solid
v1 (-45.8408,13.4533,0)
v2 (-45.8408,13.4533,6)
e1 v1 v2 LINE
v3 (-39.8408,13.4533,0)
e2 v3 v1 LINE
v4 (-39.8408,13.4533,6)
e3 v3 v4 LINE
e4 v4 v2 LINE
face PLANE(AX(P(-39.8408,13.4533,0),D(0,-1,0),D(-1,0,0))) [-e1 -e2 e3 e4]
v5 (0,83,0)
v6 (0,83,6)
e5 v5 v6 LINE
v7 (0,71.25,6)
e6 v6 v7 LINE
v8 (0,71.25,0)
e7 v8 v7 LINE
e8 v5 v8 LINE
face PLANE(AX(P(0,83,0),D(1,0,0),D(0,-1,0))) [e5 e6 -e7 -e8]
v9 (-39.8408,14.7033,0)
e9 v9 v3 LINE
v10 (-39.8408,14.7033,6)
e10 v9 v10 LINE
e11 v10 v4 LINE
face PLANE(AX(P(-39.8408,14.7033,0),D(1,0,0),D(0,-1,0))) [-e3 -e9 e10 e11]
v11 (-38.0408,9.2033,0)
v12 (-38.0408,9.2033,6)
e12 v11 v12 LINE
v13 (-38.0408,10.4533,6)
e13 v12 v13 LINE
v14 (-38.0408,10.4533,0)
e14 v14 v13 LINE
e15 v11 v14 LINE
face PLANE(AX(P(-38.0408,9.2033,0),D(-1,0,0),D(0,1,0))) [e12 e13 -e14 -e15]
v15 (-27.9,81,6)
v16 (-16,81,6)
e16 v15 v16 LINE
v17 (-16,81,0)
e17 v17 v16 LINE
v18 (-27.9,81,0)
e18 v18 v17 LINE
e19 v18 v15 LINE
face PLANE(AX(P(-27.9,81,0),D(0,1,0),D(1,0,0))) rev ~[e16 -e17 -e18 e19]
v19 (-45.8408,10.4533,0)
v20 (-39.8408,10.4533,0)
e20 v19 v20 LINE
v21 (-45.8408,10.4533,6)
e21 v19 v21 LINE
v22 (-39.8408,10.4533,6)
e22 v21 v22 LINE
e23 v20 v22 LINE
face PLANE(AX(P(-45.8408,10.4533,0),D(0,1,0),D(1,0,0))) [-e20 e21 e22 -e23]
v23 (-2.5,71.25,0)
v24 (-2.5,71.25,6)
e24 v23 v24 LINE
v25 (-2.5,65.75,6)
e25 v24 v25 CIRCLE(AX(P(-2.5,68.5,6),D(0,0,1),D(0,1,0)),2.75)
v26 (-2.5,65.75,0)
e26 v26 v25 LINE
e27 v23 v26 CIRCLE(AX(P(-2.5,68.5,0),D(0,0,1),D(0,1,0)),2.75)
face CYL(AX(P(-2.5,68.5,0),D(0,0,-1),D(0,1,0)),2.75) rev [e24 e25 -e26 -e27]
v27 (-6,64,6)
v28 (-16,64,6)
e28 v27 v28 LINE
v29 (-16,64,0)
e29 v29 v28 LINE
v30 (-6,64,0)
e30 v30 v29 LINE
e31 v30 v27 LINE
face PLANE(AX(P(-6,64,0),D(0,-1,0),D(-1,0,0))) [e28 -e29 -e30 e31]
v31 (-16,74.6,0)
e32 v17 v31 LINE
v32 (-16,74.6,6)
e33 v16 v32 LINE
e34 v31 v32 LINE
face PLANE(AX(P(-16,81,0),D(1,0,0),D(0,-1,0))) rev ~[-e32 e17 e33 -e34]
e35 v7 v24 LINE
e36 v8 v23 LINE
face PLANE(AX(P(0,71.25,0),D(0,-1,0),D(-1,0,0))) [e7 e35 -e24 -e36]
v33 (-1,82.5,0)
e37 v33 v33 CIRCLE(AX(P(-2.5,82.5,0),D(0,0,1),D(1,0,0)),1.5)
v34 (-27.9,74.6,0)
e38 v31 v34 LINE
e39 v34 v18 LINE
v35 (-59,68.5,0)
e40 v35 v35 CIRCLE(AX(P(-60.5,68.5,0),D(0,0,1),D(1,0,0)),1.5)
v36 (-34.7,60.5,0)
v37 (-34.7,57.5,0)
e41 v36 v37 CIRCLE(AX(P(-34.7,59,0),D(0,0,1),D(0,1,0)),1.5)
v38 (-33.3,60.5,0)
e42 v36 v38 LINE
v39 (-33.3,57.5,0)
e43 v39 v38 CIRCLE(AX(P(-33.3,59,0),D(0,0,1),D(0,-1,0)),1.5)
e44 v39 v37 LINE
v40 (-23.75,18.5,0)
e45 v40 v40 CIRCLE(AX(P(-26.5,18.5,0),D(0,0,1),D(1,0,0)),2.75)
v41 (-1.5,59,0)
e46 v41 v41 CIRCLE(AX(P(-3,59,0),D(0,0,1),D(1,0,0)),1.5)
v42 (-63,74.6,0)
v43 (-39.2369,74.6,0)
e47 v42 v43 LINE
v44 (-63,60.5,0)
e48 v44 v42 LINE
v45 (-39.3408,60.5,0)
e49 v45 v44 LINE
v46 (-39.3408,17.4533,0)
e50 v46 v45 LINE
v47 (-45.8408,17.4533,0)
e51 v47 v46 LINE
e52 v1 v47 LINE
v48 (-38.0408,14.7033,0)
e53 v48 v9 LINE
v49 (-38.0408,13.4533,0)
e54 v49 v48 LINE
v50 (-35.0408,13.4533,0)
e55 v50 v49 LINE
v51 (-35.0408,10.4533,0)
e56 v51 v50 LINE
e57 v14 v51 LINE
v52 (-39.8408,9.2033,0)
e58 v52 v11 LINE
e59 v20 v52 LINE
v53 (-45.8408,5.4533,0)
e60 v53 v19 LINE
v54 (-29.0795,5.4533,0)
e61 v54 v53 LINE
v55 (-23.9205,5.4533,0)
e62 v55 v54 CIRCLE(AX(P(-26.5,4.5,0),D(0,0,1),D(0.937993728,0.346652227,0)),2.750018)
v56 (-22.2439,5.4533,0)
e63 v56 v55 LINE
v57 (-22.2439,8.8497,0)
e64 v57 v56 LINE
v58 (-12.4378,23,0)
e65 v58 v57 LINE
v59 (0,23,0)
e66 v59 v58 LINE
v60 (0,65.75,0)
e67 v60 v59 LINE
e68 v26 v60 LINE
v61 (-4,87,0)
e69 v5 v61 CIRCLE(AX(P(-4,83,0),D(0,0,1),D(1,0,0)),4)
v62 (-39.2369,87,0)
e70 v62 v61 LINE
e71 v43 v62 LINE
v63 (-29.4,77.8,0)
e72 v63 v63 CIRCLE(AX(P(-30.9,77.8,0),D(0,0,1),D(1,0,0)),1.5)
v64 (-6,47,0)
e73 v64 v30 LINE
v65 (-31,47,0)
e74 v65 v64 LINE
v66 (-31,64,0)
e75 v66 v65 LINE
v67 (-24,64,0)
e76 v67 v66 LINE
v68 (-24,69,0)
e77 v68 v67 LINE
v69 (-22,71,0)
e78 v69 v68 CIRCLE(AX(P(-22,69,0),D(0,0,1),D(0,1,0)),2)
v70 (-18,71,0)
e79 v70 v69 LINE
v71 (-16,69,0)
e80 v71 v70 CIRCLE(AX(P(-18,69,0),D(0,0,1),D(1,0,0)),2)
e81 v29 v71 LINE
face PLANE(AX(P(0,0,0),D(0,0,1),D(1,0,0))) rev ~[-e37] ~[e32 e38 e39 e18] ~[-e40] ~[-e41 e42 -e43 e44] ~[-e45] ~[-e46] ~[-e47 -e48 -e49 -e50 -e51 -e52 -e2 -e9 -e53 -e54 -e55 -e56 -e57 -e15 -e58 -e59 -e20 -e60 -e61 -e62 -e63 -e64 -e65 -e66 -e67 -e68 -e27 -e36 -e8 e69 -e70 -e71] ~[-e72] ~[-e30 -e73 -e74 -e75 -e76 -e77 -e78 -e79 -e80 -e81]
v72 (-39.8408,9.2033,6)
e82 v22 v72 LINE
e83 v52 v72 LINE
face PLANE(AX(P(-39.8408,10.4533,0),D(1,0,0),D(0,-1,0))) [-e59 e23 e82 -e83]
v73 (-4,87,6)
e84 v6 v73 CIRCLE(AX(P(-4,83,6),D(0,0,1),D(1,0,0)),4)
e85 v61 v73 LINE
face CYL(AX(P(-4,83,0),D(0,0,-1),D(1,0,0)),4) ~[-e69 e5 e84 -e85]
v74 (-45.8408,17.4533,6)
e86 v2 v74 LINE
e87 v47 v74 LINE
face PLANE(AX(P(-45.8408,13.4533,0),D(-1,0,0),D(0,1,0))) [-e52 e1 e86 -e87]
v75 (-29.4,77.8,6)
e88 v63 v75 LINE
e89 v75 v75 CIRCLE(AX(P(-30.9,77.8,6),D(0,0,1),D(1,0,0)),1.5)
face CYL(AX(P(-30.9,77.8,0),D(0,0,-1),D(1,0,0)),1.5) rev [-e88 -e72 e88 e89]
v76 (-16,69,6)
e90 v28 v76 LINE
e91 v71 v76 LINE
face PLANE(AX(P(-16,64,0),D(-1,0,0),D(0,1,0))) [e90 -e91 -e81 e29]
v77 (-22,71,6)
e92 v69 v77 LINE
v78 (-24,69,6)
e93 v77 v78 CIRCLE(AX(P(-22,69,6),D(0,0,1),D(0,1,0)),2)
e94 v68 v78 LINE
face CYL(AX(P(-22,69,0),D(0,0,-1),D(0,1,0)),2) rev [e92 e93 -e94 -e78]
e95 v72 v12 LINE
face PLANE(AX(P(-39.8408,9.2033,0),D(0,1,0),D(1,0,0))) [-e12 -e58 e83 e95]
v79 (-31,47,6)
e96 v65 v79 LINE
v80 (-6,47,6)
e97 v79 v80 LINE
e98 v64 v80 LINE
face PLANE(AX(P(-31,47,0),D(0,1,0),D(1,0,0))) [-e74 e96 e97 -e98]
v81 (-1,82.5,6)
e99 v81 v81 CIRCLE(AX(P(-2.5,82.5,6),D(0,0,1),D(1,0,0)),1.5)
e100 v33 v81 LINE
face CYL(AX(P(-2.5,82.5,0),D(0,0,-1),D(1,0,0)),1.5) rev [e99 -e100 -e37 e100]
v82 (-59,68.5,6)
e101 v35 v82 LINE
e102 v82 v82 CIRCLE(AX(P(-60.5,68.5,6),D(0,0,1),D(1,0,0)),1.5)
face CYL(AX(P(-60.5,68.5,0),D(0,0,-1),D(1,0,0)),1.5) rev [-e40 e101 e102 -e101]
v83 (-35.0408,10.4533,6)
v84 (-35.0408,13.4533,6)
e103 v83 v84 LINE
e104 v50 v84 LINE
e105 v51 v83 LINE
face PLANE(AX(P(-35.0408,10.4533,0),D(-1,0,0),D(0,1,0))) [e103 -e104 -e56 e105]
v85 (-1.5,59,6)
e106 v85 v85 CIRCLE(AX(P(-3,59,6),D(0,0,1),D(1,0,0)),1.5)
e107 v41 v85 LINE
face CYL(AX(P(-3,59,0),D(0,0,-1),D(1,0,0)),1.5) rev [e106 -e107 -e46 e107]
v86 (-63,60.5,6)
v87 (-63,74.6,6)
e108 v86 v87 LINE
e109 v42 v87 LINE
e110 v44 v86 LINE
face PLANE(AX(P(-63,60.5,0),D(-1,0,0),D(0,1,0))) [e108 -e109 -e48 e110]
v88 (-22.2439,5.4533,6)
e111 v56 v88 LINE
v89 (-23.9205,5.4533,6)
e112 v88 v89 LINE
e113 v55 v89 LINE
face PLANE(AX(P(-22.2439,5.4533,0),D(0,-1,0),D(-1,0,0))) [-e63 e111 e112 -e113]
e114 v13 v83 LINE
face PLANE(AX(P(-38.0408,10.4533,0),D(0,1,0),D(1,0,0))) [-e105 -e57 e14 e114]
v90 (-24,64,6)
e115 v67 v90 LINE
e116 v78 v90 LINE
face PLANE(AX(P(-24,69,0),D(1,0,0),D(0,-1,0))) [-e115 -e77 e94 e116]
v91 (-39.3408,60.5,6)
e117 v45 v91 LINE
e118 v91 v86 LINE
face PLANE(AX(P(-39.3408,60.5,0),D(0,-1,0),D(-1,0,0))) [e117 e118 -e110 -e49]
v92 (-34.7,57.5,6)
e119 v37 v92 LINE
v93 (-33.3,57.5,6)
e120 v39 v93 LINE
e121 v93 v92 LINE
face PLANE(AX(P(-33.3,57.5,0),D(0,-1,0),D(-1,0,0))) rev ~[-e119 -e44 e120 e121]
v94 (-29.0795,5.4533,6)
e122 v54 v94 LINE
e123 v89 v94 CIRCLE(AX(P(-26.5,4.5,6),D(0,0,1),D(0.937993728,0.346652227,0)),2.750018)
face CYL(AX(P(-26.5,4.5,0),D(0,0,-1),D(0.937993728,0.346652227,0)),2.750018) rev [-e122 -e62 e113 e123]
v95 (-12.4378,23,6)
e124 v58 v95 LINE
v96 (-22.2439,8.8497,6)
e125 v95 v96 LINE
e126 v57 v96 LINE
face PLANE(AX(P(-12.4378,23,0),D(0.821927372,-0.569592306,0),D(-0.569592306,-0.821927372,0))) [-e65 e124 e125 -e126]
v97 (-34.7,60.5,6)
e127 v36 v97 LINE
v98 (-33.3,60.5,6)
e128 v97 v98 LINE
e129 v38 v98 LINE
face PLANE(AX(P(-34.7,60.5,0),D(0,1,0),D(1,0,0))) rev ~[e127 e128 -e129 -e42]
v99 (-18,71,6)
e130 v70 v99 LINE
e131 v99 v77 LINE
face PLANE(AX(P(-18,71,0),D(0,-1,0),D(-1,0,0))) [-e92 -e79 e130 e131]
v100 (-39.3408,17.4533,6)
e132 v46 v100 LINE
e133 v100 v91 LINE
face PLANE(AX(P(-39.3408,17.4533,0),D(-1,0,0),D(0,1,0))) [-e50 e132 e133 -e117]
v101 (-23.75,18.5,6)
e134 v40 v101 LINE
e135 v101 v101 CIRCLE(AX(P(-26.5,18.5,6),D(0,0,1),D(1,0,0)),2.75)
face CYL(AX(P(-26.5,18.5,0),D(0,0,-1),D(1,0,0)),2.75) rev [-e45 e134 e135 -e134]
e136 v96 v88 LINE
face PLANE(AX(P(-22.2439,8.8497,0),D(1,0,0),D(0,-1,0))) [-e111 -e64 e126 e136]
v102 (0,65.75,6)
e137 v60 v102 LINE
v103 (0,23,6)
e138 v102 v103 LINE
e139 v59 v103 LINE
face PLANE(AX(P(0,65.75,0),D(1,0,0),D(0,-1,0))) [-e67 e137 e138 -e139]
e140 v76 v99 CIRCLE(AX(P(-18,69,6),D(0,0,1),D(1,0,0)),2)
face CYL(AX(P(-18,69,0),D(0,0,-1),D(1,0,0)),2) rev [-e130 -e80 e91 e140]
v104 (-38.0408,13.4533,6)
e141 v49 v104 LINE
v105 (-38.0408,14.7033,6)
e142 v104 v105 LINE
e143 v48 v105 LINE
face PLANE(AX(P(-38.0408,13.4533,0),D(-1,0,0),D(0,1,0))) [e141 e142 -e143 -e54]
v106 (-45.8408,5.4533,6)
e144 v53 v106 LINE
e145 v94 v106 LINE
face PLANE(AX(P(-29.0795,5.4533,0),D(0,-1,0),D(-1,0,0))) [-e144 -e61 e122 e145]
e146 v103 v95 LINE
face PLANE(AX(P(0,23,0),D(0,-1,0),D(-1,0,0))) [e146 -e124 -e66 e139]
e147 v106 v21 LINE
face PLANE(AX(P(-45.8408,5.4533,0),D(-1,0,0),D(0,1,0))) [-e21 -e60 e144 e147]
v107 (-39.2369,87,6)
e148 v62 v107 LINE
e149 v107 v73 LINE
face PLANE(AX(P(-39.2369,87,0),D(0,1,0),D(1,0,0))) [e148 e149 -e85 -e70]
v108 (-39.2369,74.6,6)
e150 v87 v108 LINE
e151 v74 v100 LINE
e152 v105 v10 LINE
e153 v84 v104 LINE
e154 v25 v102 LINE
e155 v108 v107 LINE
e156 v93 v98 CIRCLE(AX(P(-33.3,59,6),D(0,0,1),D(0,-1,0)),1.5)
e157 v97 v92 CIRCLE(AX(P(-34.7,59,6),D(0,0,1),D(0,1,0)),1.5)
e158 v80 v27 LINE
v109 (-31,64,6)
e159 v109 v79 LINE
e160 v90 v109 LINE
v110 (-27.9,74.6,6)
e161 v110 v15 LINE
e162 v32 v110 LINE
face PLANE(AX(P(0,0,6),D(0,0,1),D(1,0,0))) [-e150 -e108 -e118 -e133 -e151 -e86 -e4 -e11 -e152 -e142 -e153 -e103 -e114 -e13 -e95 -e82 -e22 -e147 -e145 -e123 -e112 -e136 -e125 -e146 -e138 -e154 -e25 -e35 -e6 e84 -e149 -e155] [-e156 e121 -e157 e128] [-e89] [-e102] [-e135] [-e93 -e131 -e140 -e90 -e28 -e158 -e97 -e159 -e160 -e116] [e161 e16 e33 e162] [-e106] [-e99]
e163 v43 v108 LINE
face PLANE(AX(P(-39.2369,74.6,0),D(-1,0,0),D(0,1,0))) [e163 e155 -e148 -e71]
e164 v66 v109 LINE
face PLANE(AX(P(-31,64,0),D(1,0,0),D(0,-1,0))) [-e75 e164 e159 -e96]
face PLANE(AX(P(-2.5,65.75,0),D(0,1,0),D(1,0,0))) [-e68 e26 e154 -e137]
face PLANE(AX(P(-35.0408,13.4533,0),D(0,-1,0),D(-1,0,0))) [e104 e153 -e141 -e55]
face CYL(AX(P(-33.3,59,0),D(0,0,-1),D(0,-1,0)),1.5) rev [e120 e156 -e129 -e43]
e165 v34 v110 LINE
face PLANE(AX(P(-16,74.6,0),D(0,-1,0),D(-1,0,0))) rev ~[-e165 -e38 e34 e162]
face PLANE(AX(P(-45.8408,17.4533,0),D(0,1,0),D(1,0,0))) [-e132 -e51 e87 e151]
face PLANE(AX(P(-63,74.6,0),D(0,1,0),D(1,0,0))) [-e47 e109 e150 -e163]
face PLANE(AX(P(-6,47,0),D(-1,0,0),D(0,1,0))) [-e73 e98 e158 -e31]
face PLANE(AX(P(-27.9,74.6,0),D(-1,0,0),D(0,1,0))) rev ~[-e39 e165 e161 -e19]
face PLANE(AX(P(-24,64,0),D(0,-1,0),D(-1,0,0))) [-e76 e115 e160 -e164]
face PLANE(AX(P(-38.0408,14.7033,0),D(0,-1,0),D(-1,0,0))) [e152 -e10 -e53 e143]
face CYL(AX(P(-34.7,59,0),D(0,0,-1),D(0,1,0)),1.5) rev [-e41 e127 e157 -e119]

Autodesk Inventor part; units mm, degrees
ref_plane "YZ Plane" through (0, 0, 0) normal (1, 0, 0) x (0, 1, 0)
ref_plane "XZ Plane" through (0, 0, 0) normal (0, 1, 0) x (-1, 0, 0)
ref_plane "XY Plane" through (0, 0, 0) normal (0, 0, 1) x (1, 0, 0)
sketch "Sketch1" plane through (0, 0, 0) normal (0, 0, 1) x (1, 0, 0)
  arc A0 (0, 83) -> (-4, 87) centre (-4, 83) ccw
  line L0 (-39.2369, 87) -> (-4, 87)
  line L1 (-39.2369, 74.6) -> (-39.2369, 87)
  line L2 (-63, 74.6) -> (-39.2369, 74.6)
  line L3 (-63, 60.5) -> (-63, 74.6)
  line L4 (-39.3408, 60.5) -> (-63, 60.5)
  line L5 (-39.3408, 17.4533) -> (-39.3408, 60.5)
  line L6 (-45.8408, 17.4533) -> (-39.3408, 17.4533)
  line L7 (-45.8408, 13.4533) -> (-45.8408, 17.4533)
  line L8 (-39.8408, 13.4533) -> (-45.8408, 13.4533)
  line L9 (-39.8408, 14.7033) -> (-39.8408, 13.4533)
  line L10 (-38.0408, 14.7033) -> (-39.8408, 14.7033)
  line L11 (-38.0408, 13.4533) -> (-38.0408, 14.7033)
  line L12 (-35.0408, 13.4533) -> (-38.0408, 13.4533)
  line L13 (-35.0408, 10.4533) -> (-35.0408, 13.4533)
  line L14 (-38.0408, 10.4533) -> (-35.0408, 10.4533)
  line L15 (-38.0408, 9.2033) -> (-38.0408, 10.4533)
  line L16 (-39.8408, 9.2033) -> (-38.0408, 9.2033)
  line L17 (-39.8408, 10.4533) -> (-39.8408, 9.2033)
  line L18 (-45.8408, 10.4533) -> (-39.8408, 10.4533)
  line L19 (-45.8408, 5.4533) -> (-45.8408, 10.4533)
  line L20 (-29.0795, 5.4533) -> (-45.8408, 5.4533)
  arc A1 (-23.9205, 5.4533) -> (-29.0795, 5.4533) centre (-26.5, 4.5) ccw
  line L21 (-22.2439, 5.4533) -> (-23.9205, 5.4533)
  line L22 (-22.2439, 8.8497) -> (-22.2439, 5.4533)
  line L23 (-12.4378, 23) -> (-22.2439, 8.8497)
  line L24 (0, 23) -> (-12.4378, 23)
  line L25 (0, 65.75) -> (0, 23)
  line L26 (-2.5, 65.75) -> (0, 65.75)
  arc A2 (-2.5, 71.25) -> (-2.5, 65.75) centre (-2.5, 68.5) ccw
  line L27 (0, 71.25) -> (-2.5, 71.25)
  line L28 (0, 83) -> (0, 71.25)
  line L29 (-27.9, 74.6) -> (-27.9, 81)
  line L30 (-27.9, 81) -> (-16, 81)
  line L31 (-16, 81) -> (-16, 74.6)
  line L32 (-16, 74.6) -> (-27.9, 74.6)
  circle A3 centre (-26.5, 18.5) radius 2.75
  line L33 (-34.7, 60.5) -> (-33.3, 60.5)
  arc A4 (-33.3, 57.5) -> (-33.3, 60.5) centre (-33.3, 59) ccw
  line L34 (-33.3, 57.5) -> (-34.7, 57.5)
  arc A5 (-34.7, 60.5) -> (-34.7, 57.5) centre (-34.7, 59) ccw
  circle A6 centre (-30.9, 77.8) radius 1.5
  circle A7 centre (-3, 59) radius 1.5
  circle A8 centre (-2.5, 82.5) radius 1.5
  circle A9 centre (-60.5, 68.5) radius 1.5
  line L35 (-31, 64) -> (-31, 47)
  line L36 (-24, 64) -> (-31, 64)
  line L37 (-24, 69) -> (-24, 64)
  arc A10 (-22, 71) -> (-24, 69) centre (-22, 69) ccw
  line L38 (-18, 71) -> (-22, 71)
  arc A11 (-16, 69) -> (-18, 71) centre (-18, 69) ccw
  line L39 (-16, 64) -> (-16, 69)
  line L40 (-6, 64) -> (-16, 64)
  line L41 (-6, 47) -> (-6, 64)
  line L42 (-31, 47) -> (-6, 47)
  point P0 (0, 0)
extrude "Extrusion1" add sketch "Sketch1" along normal blind 6
properties part number "yCarTopper"
